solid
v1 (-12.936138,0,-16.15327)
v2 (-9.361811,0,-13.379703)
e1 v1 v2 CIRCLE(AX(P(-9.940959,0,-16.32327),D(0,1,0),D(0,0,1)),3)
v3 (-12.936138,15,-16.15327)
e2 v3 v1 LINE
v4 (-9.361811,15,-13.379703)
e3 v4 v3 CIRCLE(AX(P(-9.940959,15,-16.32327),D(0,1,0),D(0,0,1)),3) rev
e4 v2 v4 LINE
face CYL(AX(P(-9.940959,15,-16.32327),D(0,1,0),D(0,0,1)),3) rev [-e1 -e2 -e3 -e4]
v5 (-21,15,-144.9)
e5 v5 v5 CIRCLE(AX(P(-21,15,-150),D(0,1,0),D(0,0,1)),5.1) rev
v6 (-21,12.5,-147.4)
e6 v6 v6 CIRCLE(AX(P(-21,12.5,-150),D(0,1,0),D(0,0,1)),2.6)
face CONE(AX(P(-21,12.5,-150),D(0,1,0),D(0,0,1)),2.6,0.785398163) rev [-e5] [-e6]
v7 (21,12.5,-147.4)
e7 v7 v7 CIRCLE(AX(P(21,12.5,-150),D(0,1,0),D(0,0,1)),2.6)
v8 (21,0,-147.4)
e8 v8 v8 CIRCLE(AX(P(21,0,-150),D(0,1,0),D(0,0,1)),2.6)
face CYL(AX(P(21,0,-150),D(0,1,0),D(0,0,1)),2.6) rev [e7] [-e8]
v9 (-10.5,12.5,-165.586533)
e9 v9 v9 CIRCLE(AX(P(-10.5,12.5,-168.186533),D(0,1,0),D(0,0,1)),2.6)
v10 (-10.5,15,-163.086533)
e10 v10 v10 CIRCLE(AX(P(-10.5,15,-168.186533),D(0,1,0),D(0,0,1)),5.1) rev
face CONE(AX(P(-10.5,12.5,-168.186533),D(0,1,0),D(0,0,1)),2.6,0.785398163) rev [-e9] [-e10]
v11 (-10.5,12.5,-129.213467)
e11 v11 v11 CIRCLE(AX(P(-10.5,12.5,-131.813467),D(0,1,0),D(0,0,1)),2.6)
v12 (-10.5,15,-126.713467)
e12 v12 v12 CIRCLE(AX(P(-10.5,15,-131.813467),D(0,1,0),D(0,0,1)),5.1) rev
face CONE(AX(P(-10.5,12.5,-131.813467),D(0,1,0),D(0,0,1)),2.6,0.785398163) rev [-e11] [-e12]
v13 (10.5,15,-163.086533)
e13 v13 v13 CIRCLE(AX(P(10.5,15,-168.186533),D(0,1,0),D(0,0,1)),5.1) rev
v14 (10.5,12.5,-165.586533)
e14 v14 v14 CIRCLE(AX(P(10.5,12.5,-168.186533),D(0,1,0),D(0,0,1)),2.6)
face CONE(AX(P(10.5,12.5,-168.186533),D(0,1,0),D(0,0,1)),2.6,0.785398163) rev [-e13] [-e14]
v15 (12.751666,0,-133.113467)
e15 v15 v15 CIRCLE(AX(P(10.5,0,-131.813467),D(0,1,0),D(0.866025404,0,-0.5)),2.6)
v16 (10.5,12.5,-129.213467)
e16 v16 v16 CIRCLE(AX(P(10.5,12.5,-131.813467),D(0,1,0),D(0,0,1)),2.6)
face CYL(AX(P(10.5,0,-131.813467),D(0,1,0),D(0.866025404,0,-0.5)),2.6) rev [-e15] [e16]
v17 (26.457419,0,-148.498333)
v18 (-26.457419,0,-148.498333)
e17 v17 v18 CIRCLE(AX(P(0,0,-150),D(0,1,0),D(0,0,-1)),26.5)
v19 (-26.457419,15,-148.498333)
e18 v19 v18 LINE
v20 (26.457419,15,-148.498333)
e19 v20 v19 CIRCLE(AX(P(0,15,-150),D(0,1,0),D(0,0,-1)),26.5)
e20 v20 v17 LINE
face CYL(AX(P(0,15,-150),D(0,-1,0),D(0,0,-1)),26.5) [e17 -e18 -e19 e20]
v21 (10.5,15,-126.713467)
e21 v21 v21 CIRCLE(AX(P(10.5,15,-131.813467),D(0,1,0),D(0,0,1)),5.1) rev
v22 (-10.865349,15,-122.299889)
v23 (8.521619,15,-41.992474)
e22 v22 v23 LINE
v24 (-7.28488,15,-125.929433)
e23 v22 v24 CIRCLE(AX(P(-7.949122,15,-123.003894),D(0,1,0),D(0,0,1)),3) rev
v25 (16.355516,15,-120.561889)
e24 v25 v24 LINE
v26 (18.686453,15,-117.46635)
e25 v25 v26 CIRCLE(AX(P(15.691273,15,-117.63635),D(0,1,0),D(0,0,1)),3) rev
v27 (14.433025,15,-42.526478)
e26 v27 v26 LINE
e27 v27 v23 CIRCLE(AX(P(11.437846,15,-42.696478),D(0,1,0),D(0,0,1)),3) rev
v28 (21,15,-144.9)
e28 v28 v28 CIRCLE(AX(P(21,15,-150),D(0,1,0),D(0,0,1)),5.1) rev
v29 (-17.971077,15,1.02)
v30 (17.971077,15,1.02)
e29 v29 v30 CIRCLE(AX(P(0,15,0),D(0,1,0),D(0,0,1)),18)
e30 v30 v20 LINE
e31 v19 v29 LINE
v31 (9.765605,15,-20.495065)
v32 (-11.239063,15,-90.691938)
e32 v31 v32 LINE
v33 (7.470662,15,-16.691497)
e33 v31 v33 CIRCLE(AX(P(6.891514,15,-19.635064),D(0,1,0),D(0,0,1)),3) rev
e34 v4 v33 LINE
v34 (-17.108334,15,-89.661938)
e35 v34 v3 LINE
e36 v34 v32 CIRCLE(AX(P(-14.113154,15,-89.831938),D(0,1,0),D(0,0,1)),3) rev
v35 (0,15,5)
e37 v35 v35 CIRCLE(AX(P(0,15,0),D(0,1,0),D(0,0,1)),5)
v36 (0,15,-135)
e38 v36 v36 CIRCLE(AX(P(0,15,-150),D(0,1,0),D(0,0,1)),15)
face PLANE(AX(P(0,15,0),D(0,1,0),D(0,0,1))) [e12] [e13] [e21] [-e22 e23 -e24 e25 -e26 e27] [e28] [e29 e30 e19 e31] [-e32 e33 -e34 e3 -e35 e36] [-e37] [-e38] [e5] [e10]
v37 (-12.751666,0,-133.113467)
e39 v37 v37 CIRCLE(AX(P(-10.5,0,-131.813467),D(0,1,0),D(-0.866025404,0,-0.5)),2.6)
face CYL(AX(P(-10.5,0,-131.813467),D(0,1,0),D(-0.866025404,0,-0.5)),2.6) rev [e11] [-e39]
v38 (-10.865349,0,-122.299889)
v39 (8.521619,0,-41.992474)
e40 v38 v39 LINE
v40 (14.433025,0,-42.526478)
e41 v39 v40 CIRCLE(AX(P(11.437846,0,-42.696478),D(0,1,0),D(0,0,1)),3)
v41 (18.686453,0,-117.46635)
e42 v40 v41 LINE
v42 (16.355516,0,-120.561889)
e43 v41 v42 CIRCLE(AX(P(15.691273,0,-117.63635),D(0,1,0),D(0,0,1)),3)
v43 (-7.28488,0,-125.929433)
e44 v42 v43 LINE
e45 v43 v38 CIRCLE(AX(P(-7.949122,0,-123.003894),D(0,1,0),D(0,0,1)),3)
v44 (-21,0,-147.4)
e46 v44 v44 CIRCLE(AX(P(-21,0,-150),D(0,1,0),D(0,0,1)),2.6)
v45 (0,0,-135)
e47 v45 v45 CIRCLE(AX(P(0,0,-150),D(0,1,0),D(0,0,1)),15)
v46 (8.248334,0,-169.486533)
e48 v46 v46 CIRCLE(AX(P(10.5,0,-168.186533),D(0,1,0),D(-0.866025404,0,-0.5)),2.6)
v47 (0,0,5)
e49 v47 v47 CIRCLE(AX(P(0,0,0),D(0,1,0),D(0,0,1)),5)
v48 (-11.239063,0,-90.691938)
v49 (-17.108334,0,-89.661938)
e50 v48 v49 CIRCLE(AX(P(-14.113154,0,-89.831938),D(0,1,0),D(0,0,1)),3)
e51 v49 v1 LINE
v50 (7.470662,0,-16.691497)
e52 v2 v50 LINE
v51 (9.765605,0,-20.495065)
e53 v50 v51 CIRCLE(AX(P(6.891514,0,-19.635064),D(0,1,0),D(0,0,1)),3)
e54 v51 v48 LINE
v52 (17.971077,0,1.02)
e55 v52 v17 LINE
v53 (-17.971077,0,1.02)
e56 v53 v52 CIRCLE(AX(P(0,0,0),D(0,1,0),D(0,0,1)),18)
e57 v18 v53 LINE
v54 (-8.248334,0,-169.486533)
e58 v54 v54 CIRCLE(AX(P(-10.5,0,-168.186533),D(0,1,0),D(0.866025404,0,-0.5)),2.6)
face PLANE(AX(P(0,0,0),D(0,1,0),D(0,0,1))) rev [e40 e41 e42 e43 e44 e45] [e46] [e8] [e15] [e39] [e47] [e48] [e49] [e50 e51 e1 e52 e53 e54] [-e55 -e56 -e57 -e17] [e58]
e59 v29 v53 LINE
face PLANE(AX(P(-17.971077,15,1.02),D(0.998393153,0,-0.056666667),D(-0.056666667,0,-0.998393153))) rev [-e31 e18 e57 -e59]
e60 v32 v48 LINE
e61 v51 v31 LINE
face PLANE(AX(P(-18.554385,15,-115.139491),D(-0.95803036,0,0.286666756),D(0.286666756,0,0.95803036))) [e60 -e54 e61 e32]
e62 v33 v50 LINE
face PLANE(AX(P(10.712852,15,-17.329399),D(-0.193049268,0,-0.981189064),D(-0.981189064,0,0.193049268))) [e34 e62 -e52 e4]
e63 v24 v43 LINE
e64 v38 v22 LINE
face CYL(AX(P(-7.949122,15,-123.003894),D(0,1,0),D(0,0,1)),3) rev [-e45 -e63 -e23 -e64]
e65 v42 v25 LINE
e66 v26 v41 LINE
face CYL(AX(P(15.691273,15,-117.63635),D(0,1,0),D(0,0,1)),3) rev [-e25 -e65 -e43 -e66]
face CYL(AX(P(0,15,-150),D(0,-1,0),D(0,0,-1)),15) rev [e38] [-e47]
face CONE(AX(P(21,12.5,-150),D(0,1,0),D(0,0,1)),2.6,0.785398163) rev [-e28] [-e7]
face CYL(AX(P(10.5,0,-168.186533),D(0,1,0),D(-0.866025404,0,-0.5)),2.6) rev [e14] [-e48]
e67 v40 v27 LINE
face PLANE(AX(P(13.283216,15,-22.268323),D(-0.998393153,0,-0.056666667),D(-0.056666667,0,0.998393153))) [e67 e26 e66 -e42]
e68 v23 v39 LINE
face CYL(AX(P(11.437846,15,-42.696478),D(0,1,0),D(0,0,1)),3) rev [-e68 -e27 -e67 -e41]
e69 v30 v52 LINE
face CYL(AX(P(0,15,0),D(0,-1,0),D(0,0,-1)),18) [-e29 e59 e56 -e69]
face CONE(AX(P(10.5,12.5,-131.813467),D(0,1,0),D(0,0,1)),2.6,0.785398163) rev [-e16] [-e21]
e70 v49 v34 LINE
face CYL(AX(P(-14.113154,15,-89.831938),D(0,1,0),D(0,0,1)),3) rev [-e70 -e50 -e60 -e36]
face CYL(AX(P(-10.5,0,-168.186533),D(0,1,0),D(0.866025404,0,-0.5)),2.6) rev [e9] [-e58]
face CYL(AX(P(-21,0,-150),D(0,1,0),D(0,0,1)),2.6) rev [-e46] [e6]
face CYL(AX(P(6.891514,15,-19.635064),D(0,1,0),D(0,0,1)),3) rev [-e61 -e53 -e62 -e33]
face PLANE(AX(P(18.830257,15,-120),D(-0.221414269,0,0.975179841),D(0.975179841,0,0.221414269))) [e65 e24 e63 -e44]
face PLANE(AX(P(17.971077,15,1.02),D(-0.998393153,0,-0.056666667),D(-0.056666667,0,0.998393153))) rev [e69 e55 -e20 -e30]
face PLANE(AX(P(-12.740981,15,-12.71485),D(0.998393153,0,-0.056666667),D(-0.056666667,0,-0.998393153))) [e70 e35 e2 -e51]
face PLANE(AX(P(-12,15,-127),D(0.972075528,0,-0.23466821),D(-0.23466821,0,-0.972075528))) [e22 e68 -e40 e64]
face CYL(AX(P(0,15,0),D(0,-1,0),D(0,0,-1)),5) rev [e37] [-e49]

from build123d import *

# Parameters (mm, degrees)
SKETCH_1_R               = 5
SKETCH_1_R_2             = 15
EXTRUDE_1_DEPTH          = 15
FILLET_1_R               = 3
SKETCH_2_R               = 2.6
CUT_EXTRUDE_1_DEPTH      = 180.107509614
PATTERN_CIRCULAR_5_COUNT = 3
CHAMFER_1_SIZE           = 2.5


with BuildPart() as part:
    # 草图1 → 凸台-拉伸1 (new body)
    with BuildSketch(Plane(origin=(0, 0, 0), x_dir=(1, 0, 0), z_dir=(0, 1, 0))):
        with BuildLine():
            Line((-17.971076762, -1.02), (-26.457418567, 148.498333333))
            ThreePointArc((-26.457418567, 148.498333333), (0, 176.5), (26.457418567, 148.498333333))
            Line((26.457418567, 148.498333333), (17.971076762, -1.02))
            ThreePointArc((17.971076762, -1.02), (0, -18), (-17.971076762, -1.02))
        make_face()
        with Locations(Location((0, 0, 0), (0, 0, 270))):
            Circle(SKETCH_1_R, mode=Mode.SUBTRACT)
        with Locations(Location((0, 150, 0), (0, 0, 270))):
            Circle(SKETCH_1_R_2, mode=Mode.SUBTRACT)
        Polygon((-12.740980954, 12.714849757), (-18.554385191, 115.139490738), (10.712851955, 17.329399023), align=None, mode=Mode.SUBTRACT)
        Polygon((13.283215706, 22.268322657), (18.830257334, 120), (-12, 127), align=None, mode=Mode.SUBTRACT)
    extrude(amount=EXTRUDE_1_DEPTH)

    # 圆角1
    fillet_1_edges = [part.edges().sort_by_distance(p)[0] for p in [
        (-12.740980954, 7.5, -12.714849757),
        (10.712851955, 7.5, -17.329399023),
        (-18.554385191, 7.5, -115.139490738),
        (18.830257334, 7.5, -120),
        (-12, 7.5, -127),
        (13.283215706, 7.5, -22.268322657),
    ]]
    fillet(fillet_1_edges, radius=FILLET_1_R)

    # 草图2 → 切除-拉伸1 (cut, through all)
    with BuildSketch(Plane(origin=(0, 15, 0), x_dir=(1, 0, 0), z_dir=(0, 1, 0))):
        with Locations(Location((-21, 150, 0), (0, 0, 270))):
            Circle(SKETCH_2_R)
        with Locations(Location((21, 150, 0), (0, 0, 270))):
            Circle(SKETCH_2_R)
    cut_extrude_1 = extrude(amount=-CUT_EXTRUDE_1_DEPTH, mode=Mode.SUBTRACT)

    # 阵列(圆周)5: 切除-拉伸1 ×3 about axis
    pattern_circular_5_axis = Axis((0, 0, -150), (0, 1, 0))
    for i in range(1, PATTERN_CIRCULAR_5_COUNT):
        add(cut_extrude_1.rotate(pattern_circular_5_axis, i * 360 / PATTERN_CIRCULAR_5_COUNT), mode=Mode.SUBTRACT)

    # 倒角1
    chamfer_1_edges = [part.edges().sort_by_distance(p)[0] for p in [
        (-12.75166605, 15, -166.886533479),
        (-8.24833395, 15, -130.513466521),
        (-21, 15, -152.6),
        (21, 15, -152.6),
        (8.24833395, 15, -130.513466521),
        (12.75166605, 15, -166.886533479),
    ]]
    chamfer(chamfer_1_edges, length=CHAMFER_1_SIZE)


solid = part.part
